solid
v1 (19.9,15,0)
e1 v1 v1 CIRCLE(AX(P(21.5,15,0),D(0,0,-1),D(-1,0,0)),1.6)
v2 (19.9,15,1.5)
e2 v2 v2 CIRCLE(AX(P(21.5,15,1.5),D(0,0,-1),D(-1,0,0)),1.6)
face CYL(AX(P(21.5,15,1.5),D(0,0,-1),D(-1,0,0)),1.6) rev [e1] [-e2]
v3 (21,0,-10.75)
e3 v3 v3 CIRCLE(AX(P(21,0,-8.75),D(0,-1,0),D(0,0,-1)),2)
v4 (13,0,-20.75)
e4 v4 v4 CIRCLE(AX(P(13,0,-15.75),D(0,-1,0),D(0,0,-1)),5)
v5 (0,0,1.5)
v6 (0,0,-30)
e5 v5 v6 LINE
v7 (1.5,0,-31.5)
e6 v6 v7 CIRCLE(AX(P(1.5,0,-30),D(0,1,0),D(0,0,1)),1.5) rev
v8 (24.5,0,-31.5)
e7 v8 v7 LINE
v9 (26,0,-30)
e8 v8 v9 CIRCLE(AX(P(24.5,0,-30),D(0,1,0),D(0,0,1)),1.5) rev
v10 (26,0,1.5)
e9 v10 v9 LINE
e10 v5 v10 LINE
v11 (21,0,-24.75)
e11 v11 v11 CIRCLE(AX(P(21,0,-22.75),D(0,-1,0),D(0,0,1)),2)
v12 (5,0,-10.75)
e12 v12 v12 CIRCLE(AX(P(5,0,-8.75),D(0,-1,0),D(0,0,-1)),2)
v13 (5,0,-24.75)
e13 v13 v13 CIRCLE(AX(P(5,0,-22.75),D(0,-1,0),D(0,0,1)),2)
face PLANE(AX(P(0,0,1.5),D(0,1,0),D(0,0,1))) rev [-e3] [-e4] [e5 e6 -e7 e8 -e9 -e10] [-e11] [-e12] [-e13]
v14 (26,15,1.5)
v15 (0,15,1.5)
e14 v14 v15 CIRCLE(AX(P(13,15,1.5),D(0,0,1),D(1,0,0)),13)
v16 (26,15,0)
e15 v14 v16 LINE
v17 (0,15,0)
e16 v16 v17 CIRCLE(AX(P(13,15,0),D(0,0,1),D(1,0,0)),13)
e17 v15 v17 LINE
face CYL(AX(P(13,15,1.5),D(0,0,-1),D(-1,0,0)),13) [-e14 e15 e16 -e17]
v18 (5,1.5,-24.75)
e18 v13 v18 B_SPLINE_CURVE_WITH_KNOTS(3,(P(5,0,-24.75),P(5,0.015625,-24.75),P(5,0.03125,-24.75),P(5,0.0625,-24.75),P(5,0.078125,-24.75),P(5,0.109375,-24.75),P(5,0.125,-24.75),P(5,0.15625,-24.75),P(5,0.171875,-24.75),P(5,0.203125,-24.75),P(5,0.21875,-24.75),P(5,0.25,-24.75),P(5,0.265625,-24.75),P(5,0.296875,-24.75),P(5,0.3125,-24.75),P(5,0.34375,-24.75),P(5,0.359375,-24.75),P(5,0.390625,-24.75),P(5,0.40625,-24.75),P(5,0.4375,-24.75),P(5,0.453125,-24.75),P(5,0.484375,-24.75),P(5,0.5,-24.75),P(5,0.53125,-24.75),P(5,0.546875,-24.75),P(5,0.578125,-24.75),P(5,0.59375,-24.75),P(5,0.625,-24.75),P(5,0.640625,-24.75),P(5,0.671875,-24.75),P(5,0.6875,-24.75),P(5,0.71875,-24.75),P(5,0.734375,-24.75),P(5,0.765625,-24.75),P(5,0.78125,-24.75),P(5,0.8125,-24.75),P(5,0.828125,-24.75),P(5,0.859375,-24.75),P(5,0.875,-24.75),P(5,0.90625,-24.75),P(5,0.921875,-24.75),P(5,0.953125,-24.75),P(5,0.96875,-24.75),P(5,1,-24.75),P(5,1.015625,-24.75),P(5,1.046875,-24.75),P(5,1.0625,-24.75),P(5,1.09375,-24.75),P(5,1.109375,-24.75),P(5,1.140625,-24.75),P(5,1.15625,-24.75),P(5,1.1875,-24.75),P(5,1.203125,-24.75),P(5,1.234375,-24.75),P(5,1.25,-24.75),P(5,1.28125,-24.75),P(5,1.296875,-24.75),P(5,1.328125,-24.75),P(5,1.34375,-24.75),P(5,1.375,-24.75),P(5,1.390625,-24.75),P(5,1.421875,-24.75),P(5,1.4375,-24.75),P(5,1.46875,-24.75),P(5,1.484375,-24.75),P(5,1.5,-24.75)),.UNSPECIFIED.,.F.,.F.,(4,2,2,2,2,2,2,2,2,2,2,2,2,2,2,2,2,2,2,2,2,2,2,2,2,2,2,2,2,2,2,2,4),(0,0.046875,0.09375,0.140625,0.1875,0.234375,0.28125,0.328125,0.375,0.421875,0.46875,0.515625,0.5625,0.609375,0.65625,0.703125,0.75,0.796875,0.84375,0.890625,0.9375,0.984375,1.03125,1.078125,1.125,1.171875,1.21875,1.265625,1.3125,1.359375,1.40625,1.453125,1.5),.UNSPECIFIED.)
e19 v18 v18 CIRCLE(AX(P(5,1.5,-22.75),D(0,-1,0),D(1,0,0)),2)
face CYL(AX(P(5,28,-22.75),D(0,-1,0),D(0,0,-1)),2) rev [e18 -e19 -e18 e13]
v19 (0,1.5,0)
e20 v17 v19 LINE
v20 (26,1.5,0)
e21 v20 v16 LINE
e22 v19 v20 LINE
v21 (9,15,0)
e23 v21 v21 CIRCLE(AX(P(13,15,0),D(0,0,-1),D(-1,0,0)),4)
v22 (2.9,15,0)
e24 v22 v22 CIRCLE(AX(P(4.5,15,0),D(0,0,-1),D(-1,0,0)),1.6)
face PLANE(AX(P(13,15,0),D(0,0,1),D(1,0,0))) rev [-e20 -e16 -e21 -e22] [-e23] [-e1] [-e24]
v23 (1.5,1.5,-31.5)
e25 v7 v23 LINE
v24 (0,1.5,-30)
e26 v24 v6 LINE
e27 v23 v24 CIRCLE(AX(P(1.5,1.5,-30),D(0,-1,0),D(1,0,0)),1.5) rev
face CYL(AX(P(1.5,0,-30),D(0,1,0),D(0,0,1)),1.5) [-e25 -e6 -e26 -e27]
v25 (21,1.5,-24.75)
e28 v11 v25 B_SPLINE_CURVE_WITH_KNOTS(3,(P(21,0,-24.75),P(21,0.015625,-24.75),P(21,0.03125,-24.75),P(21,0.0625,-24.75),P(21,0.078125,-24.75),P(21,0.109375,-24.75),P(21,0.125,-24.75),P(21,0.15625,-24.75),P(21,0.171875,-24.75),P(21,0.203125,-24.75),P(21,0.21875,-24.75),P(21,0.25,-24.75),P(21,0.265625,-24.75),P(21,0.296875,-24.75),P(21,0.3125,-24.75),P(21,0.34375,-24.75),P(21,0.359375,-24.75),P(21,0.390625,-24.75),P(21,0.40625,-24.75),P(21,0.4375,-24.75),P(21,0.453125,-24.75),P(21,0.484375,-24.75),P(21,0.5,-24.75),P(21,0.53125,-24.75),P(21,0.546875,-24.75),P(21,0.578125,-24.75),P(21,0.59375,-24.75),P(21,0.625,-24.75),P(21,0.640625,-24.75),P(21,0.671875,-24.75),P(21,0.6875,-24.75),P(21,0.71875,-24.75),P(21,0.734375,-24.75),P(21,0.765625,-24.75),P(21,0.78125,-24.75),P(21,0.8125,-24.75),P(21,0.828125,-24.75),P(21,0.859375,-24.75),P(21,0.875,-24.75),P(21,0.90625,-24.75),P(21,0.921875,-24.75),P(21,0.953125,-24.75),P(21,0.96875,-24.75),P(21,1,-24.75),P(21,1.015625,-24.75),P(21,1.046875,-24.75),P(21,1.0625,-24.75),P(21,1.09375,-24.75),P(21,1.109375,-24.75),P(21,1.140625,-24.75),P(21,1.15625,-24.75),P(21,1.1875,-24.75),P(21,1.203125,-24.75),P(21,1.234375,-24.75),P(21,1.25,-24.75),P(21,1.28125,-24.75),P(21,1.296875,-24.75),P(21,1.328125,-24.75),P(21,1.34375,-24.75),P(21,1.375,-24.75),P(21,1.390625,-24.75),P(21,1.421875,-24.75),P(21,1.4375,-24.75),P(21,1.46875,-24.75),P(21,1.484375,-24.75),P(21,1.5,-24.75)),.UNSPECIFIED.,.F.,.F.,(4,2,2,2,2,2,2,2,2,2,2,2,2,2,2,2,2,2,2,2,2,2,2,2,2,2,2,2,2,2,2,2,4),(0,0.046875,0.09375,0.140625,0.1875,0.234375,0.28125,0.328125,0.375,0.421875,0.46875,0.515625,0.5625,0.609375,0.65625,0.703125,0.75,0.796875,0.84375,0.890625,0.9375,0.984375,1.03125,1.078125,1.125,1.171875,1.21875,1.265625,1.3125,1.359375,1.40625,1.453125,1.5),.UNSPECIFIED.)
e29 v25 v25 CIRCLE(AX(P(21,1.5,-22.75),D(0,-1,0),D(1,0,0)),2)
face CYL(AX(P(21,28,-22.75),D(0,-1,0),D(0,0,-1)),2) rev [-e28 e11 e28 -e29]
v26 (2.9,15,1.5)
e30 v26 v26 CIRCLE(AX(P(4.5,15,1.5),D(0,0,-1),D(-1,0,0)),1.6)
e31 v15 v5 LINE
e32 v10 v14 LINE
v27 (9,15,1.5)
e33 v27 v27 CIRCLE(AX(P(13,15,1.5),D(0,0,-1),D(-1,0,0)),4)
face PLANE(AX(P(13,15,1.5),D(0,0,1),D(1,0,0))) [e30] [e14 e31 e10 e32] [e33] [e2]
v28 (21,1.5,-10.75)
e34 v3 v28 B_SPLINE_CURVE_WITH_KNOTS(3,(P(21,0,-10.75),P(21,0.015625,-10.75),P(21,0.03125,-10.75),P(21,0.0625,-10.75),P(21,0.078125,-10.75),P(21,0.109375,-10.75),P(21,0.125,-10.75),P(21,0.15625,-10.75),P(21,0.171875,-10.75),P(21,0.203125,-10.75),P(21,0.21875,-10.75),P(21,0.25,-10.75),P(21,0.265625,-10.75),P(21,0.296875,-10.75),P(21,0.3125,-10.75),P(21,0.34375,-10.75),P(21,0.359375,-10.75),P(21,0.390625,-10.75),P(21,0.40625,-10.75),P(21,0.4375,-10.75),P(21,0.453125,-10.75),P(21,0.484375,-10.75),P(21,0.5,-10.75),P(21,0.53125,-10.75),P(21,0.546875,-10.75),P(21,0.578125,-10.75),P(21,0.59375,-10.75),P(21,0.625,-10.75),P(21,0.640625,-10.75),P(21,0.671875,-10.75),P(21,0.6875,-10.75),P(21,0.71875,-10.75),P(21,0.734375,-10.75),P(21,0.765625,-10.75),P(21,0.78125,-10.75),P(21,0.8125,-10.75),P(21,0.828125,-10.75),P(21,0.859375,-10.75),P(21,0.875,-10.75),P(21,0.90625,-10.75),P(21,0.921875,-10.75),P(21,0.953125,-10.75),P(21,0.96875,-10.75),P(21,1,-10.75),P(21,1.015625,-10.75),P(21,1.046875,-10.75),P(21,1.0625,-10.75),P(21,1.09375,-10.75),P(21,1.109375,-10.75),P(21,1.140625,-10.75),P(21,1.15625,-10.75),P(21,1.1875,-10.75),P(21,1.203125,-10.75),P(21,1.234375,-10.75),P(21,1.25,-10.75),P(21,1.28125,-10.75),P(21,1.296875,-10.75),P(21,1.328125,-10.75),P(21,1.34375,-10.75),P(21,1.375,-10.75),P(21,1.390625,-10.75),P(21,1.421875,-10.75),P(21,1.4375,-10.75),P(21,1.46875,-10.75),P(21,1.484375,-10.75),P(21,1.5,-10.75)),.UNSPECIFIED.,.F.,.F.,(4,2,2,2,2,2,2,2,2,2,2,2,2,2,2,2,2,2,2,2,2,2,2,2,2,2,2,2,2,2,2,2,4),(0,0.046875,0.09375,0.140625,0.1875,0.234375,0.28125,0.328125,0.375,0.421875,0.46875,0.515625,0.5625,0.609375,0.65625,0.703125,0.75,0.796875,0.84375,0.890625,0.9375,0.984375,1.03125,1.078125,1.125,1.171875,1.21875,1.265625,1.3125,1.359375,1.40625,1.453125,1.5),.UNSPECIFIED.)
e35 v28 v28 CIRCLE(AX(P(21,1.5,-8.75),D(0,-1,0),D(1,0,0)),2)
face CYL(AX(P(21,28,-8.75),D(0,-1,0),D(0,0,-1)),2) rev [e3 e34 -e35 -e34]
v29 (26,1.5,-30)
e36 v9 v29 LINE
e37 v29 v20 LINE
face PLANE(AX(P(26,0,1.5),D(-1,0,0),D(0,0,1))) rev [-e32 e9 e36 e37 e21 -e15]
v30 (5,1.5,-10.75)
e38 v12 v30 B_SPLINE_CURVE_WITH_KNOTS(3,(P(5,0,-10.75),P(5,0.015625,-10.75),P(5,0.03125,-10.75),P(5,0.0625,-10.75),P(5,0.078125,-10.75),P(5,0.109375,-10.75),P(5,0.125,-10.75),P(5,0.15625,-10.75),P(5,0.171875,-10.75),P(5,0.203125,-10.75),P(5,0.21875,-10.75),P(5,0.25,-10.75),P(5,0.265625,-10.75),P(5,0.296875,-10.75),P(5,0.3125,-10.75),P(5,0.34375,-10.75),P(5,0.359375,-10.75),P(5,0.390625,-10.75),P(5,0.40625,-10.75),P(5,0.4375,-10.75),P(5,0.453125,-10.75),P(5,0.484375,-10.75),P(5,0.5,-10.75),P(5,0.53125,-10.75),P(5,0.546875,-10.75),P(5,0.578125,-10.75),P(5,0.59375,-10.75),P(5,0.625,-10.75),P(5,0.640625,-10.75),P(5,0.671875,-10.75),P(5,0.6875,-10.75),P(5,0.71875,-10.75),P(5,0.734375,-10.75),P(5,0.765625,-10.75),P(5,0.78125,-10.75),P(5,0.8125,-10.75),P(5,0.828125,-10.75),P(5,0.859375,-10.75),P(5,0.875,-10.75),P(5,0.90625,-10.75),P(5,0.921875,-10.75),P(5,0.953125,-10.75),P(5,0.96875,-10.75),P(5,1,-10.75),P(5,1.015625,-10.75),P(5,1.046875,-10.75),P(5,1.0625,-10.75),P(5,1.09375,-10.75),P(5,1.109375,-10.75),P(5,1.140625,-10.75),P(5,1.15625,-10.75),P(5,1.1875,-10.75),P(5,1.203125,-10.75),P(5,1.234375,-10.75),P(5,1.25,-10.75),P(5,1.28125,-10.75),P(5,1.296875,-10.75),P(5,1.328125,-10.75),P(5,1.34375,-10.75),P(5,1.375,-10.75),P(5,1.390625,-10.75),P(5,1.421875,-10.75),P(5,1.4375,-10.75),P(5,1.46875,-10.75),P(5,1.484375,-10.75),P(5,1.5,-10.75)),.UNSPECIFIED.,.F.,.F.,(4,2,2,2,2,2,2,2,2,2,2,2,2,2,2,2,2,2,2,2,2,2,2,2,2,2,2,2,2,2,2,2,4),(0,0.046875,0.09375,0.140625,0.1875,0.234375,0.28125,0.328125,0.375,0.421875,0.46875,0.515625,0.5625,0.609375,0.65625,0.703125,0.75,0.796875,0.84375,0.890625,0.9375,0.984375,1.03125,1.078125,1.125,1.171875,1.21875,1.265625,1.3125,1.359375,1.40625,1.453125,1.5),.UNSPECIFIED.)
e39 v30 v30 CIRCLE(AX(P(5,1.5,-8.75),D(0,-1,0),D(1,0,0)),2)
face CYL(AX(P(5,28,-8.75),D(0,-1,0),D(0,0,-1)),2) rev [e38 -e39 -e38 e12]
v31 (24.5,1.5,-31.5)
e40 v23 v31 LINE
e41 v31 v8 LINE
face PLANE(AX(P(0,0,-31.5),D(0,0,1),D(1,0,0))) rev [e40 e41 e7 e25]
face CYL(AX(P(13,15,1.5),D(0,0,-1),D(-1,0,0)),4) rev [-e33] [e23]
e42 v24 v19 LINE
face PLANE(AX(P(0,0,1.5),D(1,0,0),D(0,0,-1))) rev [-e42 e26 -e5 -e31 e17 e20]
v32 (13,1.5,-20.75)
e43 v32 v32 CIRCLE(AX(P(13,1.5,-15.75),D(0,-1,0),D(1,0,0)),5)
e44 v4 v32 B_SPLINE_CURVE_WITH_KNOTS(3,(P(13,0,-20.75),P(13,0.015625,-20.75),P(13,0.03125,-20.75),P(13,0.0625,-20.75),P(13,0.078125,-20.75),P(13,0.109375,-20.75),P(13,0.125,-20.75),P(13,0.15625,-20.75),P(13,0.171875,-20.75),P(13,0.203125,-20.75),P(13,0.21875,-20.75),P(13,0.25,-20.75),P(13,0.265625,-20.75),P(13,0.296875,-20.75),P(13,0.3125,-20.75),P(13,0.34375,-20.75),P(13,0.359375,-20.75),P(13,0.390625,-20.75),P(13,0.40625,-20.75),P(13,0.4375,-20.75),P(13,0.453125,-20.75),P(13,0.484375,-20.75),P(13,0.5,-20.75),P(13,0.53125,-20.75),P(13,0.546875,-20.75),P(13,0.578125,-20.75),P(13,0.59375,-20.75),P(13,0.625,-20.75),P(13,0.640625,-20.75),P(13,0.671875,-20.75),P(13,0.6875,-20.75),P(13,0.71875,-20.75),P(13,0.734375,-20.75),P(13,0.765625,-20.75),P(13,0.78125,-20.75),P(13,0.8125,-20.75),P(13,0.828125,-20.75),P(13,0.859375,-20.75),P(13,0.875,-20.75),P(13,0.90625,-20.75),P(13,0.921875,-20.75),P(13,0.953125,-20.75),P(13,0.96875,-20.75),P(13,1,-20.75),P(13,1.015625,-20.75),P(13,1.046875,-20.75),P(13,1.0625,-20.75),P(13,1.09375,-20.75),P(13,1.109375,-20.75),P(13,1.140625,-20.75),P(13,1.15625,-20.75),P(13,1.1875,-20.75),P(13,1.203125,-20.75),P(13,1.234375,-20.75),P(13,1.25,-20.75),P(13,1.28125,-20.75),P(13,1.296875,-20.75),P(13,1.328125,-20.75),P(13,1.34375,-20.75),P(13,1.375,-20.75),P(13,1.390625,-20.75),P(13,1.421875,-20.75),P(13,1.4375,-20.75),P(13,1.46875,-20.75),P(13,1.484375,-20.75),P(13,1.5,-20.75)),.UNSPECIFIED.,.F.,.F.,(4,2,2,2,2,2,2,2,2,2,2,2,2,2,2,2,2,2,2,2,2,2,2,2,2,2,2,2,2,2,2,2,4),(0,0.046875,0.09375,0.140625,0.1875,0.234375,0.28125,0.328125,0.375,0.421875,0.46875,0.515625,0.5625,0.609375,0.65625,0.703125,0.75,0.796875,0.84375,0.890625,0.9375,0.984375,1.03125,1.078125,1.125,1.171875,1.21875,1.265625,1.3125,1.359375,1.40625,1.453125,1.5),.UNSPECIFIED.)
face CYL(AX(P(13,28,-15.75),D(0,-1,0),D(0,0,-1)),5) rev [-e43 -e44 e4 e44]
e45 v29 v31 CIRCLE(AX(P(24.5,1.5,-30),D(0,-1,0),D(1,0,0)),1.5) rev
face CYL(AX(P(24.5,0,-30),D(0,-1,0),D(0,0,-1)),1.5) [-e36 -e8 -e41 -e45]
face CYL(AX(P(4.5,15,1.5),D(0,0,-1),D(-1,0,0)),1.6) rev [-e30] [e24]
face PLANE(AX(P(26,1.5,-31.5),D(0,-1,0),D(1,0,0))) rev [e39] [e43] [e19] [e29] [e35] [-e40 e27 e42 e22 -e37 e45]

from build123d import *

# Parameters (mm, degrees)
BOSS_EXTRUDE1_DEPTH = 1.5
SKETCH2_R           = 1.6
SKETCH2_R_2         = 4
CUT_EXTRUDE1_DEPTH  = 39.23937761
SKETCH3_W           = 26
SKETCH3_H           = 1.5
BOSS_EXTRUDE4_DEPTH = 31.5
SKETCH4_R           = 5
SKETCH4_R_2         = 2
CUT_EXTRUDE2_DEPTH  = 50.520197899
FILLET1_R           = 1.5


with BuildPart() as part:
    # Sketch1 → Boss-Extrude1 (new body)
    with BuildSketch(Plane.XY):
        with BuildLine():
            Line((0, 0), (26, 0))
            Line((26, 0), (26, 15))
            ThreePointArc((26, 15), (13, 28), (0, 15))
            Line((0, 15), (0, 0))
        make_face()
    extrude(amount=BOSS_EXTRUDE1_DEPTH)

    # Sketch2 → Cut-Extrude1 (cut, through all)
    with BuildSketch(Plane(origin=(0, 0, 0), x_dir=(-1, 0, 0), z_dir=(0, 0, -1))):
        with Locations((-21.5, 15)):
            Circle(SKETCH2_R)
        with Locations((-13, 15)):
            Circle(SKETCH2_R_2)
        with Locations((-4.5, 15)):
            Circle(SKETCH2_R)
    extrude(amount=-CUT_EXTRUDE1_DEPTH, mode=Mode.SUBTRACT)

    # Sketch3 → Boss-Extrude4 (add)
    with BuildSketch(Plane(origin=(0, 0, 0), x_dir=(-1, 0, 0), z_dir=(0, 0, -1))):
        with Locations((-13, 0.75)):
            Rectangle(SKETCH3_W, SKETCH3_H)
    extrude(amount=BOSS_EXTRUDE4_DEPTH)

    # Sketch4 → Cut-Extrude2 (cut, through all)
    with BuildSketch(Plane.XZ):
        with Locations(Location((13, -15.75, 0), (0, 0, 270))):
            Circle(SKETCH4_R)
        with Locations(Location((5, -8.75, 0), (0, 0, 270))):
            Circle(SKETCH4_R_2)
        with Locations(Location((21, -8.75, 0), (0, 0, 270))):
            Circle(SKETCH4_R_2)
        with Locations(Location((21, -22.75, 0), (0, 0, 270))):
            Circle(SKETCH4_R_2)
        with Locations(Location((5, -22.75, 0), (0, 0, 270))):
            Circle(SKETCH4_R_2)
    extrude(amount=-CUT_EXTRUDE2_DEPTH, mode=Mode.SUBTRACT)

    # Fillet1
    fillet1_edges = [part.edges().sort_by_distance(p)[0] for p in [
        (26, 0.75, -31.5),
        (0, 0.75, -31.5),
    ]]
    fillet(fillet1_edges, radius=FILLET1_R)


solid = part.part
